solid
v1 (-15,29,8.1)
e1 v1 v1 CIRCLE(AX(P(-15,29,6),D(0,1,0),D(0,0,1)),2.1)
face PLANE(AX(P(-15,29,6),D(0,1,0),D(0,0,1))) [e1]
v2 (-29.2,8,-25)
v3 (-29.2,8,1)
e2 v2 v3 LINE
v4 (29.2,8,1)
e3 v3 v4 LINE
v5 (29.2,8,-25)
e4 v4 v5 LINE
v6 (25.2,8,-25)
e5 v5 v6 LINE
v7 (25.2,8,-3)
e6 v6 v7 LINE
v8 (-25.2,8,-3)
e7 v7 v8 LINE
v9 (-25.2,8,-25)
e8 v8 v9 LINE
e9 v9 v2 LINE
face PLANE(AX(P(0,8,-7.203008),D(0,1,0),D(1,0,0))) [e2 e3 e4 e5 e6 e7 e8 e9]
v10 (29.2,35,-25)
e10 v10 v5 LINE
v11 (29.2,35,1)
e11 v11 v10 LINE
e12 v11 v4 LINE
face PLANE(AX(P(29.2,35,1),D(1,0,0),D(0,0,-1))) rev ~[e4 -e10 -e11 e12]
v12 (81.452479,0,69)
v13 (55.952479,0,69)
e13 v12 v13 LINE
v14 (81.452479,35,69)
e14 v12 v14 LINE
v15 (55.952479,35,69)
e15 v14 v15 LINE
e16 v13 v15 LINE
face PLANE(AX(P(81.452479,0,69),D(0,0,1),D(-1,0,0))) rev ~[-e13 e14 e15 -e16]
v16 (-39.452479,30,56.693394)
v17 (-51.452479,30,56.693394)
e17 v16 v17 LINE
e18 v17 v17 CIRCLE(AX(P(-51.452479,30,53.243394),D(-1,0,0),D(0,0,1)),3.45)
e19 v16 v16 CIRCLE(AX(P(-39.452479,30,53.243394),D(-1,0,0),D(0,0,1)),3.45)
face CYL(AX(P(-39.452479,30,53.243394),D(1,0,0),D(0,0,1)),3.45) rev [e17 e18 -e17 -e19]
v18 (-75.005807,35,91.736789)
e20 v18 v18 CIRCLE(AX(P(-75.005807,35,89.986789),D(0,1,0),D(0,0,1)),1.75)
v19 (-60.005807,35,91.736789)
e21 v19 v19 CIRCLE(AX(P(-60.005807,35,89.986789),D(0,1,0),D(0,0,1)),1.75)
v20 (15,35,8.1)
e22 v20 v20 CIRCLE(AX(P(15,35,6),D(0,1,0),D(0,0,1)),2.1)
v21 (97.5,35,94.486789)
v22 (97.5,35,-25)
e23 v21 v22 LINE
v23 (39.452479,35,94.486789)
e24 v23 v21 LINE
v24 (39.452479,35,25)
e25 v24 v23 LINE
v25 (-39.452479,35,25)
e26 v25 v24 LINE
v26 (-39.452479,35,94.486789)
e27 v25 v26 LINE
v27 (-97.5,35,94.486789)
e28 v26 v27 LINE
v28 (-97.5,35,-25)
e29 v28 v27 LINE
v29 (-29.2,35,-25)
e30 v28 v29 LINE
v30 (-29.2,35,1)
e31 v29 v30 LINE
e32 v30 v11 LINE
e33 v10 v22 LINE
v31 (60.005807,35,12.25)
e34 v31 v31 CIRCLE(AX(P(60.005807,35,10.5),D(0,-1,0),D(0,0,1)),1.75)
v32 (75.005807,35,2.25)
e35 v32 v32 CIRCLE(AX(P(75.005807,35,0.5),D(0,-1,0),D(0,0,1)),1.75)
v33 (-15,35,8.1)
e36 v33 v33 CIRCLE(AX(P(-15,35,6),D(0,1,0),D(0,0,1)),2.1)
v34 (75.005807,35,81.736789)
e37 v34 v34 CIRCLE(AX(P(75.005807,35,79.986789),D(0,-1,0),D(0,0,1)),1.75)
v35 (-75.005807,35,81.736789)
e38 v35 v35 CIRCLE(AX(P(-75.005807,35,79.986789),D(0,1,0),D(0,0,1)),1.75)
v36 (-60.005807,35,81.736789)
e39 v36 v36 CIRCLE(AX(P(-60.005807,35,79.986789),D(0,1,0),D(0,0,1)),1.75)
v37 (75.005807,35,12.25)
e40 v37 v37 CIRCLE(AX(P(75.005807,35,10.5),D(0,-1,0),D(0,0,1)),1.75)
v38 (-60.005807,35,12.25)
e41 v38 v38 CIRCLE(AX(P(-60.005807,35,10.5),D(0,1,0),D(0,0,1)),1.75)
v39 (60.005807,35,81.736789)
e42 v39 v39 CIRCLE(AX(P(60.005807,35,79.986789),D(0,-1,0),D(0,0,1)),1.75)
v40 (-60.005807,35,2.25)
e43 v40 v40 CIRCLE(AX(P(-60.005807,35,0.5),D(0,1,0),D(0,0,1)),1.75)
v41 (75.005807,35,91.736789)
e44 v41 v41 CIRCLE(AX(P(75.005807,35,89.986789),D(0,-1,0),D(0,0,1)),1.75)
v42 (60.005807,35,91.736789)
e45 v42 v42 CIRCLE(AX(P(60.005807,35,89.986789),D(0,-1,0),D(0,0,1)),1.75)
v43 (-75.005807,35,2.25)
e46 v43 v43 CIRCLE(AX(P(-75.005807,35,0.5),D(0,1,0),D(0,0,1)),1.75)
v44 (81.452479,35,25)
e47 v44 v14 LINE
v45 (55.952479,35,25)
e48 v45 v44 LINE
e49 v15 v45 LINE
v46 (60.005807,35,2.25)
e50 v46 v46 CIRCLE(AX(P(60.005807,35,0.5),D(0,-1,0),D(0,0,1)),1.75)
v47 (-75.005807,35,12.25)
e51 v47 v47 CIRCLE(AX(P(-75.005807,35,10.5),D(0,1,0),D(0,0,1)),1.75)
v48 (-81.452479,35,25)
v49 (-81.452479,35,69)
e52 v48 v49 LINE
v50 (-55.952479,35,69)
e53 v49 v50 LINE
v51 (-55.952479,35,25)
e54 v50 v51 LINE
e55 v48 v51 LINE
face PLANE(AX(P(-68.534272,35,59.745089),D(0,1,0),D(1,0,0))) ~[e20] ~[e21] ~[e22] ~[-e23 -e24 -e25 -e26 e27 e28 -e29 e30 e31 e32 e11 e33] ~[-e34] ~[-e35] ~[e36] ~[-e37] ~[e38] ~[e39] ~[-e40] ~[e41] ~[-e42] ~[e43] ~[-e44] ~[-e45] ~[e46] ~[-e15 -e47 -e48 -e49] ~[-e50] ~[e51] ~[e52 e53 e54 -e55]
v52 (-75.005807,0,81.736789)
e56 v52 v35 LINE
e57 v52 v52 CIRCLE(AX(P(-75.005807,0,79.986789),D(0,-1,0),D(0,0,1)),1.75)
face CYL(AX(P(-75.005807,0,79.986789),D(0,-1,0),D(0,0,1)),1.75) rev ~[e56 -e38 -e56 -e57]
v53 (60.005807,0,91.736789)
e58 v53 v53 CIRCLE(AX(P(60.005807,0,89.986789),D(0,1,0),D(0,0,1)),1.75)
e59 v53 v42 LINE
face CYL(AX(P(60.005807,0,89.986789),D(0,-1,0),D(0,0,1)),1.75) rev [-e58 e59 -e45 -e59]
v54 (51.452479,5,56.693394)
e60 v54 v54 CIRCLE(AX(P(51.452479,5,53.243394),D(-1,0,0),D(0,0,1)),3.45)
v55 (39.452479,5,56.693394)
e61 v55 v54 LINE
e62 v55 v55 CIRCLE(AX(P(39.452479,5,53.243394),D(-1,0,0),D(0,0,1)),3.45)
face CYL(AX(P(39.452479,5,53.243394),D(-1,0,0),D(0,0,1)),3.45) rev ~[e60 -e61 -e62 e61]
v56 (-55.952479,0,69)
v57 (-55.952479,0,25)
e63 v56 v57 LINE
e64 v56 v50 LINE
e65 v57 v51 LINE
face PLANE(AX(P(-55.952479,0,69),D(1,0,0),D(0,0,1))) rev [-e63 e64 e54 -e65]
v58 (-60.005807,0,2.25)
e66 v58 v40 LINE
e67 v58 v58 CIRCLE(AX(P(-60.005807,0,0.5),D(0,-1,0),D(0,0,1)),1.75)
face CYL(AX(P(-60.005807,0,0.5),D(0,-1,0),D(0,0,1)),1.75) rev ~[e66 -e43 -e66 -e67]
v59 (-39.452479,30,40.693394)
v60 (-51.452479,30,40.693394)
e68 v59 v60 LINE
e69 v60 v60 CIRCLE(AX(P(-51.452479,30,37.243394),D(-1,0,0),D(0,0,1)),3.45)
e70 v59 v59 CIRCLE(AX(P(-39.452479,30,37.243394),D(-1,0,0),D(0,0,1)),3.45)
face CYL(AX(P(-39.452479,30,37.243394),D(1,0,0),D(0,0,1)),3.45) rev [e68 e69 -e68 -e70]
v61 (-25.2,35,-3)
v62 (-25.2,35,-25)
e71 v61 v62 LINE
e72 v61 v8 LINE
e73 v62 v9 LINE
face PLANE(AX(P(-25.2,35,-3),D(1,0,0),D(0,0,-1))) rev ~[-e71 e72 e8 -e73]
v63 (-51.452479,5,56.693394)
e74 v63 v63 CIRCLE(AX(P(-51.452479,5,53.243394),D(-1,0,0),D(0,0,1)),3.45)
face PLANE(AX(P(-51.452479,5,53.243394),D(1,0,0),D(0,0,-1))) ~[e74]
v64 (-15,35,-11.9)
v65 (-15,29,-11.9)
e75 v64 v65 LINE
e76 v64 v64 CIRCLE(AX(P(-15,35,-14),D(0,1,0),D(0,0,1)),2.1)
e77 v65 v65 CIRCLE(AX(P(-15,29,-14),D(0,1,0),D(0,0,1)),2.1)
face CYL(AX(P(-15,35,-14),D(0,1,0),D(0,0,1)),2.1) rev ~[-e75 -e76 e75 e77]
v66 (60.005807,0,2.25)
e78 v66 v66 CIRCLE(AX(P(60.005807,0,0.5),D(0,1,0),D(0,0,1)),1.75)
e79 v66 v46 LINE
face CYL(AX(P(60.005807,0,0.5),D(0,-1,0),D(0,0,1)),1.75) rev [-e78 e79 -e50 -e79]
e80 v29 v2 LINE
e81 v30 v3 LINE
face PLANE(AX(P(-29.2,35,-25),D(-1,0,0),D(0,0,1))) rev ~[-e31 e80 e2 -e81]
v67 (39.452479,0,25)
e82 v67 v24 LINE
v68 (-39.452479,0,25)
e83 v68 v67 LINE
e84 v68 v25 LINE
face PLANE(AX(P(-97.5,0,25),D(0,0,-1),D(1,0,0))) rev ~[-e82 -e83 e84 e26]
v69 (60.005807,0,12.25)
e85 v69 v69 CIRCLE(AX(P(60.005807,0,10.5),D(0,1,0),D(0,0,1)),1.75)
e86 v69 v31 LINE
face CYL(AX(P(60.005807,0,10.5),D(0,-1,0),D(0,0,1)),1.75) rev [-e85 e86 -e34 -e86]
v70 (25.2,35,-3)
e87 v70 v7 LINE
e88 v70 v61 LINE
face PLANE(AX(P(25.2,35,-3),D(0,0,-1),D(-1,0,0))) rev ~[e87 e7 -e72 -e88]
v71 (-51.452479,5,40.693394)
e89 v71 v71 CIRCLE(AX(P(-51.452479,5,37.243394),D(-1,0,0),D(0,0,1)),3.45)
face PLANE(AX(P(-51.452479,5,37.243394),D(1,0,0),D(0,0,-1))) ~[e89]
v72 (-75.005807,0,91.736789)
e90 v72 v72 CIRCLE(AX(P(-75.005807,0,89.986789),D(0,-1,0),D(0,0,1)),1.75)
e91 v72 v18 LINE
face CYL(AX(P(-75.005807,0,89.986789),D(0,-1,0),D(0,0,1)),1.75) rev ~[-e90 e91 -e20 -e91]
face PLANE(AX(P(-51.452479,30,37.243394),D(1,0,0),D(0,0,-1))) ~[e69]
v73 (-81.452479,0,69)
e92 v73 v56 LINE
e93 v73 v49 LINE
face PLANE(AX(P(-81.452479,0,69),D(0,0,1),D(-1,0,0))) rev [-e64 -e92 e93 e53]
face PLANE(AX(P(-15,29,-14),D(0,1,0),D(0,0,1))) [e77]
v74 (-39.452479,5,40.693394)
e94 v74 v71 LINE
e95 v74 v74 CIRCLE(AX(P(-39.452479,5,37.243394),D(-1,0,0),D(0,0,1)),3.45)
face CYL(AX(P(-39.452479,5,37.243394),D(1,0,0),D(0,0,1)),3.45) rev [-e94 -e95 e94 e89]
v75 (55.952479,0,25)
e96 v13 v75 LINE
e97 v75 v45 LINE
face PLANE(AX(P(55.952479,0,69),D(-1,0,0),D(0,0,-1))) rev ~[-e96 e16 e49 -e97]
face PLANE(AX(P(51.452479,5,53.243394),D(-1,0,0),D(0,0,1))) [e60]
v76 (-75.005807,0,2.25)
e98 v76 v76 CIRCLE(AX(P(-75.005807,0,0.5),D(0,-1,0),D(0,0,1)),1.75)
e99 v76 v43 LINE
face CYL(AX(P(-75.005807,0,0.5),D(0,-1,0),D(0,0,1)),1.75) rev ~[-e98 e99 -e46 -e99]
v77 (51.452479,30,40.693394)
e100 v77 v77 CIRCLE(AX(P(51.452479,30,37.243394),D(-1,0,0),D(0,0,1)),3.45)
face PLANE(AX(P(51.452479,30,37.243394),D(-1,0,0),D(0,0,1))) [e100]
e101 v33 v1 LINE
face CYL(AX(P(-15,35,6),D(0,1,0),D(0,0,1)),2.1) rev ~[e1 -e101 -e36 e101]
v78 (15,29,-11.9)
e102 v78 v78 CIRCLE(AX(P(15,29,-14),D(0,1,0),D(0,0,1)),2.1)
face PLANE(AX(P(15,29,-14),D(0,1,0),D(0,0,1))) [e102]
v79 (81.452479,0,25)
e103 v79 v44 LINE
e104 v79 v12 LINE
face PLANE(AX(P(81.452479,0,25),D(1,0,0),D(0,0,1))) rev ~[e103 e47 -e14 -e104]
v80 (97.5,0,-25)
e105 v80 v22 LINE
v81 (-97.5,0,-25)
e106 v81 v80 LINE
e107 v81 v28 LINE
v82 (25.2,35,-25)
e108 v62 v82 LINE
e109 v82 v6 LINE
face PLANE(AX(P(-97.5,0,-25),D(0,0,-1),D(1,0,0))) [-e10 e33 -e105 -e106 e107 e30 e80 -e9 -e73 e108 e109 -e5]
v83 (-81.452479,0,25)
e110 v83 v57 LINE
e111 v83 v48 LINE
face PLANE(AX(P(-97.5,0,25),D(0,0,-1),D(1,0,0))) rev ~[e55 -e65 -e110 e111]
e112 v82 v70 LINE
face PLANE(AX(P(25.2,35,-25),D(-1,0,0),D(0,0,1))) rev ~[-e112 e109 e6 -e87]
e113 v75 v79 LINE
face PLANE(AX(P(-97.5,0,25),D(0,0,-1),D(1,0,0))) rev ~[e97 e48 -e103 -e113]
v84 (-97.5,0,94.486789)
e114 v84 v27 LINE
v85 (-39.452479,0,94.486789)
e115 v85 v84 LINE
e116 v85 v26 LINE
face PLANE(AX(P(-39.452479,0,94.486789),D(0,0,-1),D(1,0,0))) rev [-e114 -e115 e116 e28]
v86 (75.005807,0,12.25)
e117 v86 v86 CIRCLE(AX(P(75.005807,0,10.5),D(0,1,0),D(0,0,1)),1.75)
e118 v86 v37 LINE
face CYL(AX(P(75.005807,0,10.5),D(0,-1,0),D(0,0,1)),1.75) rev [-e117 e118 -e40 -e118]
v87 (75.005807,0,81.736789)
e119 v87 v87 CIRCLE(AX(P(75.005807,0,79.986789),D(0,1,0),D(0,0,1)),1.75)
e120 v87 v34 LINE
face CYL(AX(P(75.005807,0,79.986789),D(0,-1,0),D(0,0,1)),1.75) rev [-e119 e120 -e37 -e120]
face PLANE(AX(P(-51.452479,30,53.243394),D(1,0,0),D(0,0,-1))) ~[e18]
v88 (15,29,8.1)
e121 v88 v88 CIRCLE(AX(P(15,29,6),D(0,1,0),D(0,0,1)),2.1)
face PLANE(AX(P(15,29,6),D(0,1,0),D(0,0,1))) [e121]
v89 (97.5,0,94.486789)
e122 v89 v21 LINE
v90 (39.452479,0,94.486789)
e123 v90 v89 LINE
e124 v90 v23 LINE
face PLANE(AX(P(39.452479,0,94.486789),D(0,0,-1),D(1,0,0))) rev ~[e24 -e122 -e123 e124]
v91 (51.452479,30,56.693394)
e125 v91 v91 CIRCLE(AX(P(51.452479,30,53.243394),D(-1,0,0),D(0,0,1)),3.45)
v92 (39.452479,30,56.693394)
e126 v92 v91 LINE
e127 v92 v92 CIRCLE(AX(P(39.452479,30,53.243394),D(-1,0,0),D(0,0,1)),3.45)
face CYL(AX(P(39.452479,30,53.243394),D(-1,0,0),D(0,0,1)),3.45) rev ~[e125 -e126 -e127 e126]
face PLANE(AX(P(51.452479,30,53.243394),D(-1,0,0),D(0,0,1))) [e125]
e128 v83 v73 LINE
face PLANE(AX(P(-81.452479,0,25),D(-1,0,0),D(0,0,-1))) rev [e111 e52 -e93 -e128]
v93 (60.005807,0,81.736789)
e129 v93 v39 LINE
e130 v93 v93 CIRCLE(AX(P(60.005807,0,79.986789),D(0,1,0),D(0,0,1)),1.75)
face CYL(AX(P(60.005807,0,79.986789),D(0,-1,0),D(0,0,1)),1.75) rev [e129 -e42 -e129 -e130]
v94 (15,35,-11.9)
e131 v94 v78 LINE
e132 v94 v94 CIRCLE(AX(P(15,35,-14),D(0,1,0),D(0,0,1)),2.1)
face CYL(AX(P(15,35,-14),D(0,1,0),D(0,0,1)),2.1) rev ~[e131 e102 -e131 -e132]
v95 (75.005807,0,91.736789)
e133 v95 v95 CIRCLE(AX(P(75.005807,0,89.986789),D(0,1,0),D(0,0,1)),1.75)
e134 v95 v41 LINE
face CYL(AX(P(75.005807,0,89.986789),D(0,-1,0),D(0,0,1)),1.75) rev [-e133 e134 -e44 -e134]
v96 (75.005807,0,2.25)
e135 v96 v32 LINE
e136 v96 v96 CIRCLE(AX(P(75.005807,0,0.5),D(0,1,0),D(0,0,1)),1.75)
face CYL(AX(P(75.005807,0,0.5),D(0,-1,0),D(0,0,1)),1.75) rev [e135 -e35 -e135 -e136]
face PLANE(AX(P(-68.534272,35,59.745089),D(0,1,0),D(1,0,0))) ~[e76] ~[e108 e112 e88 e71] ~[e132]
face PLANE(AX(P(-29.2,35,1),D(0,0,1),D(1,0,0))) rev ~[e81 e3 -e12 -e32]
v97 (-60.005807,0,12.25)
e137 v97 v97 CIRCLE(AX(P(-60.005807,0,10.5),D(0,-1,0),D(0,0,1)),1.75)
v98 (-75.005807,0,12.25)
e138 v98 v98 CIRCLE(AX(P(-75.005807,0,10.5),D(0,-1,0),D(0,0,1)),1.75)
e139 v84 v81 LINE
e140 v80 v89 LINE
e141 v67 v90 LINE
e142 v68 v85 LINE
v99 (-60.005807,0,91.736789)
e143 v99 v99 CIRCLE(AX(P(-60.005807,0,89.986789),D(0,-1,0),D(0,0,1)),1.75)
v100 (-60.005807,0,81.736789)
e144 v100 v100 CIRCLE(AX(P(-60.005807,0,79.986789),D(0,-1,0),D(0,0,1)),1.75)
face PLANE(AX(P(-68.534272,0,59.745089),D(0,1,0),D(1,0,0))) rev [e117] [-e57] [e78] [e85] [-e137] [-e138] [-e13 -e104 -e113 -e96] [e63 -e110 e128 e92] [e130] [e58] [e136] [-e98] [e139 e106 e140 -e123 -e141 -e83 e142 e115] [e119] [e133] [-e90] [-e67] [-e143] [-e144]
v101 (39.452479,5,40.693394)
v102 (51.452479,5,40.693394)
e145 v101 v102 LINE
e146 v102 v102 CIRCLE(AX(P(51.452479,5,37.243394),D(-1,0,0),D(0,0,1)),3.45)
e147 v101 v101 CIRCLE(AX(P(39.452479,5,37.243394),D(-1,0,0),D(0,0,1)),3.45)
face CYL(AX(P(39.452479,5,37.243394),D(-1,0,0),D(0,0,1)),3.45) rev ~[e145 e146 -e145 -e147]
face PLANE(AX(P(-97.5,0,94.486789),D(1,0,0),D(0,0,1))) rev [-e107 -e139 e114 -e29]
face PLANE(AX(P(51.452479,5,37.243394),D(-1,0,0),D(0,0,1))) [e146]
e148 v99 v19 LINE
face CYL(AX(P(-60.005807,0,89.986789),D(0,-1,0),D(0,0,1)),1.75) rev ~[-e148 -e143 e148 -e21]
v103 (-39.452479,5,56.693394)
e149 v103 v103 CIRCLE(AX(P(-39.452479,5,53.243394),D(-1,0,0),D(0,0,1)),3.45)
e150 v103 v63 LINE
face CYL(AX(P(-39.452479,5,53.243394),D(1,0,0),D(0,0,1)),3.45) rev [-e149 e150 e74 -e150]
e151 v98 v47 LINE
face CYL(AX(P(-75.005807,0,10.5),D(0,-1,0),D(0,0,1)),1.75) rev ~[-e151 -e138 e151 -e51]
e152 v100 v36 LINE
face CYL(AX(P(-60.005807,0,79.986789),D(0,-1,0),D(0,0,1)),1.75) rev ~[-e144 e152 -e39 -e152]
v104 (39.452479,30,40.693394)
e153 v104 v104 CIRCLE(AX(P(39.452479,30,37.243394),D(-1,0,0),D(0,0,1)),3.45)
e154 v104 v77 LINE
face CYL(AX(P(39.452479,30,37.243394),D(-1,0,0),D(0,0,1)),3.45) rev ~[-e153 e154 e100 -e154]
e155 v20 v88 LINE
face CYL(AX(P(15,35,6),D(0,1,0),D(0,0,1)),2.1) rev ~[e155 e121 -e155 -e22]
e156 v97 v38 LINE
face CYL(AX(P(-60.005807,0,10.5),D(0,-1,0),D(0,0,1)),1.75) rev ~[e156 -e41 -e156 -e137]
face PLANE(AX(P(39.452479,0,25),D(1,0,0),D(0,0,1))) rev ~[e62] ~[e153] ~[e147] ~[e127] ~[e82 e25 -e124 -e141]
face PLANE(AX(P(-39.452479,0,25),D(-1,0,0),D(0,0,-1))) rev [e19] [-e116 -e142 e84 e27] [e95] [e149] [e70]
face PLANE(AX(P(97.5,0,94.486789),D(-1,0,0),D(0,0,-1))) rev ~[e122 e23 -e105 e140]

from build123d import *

# Parameters (mm, degrees)
SKETCH1_W           = 195
SKETCH1_H           = 50
BOSS_EXTRUDE1_DEPTH = 35
BOSS_EXTRUDE4_DEPTH = 35
CUT_EXTRUDE5_REACH  = 142.211
SKETCH11_R          = 1.75
SKETCH5_R           = 2.1
CUT_EXTRUDE6_DEPTH  = 6
CUT_EXTRUDE7_DEPTH  = 27
SKETCH12_R          = 3.45
CUT_EXTRUDE8_DEPTH  = 12


with BuildPart() as part:
    # Sketch1 → Boss-Extrude1 (new body)
    with BuildSketch(Plane(origin=(0, 0, 0), x_dir=(1, 0, 0), z_dir=(0, 1, 0))):
        Rectangle(SKETCH1_W, SKETCH1_H)
    extrude(amount=BOSS_EXTRUDE1_DEPTH)

    # Sketch8 → Boss-Extrude4 (add)
    with BuildSketch(Plane(origin=(0, 0, 0), x_dir=(1, 0, 0), z_dir=(0, 1, 0))):
        Polygon((55.952478692, -69), (55.952478692, -25), (39.452478692, -25), (39.452478692, -94.486788844), (97.5, -94.486788844), (97.5, -25), (81.452478692, -25), (81.452478692, -69), align=None)
    boss_extrude4 = extrude(amount=BOSS_EXTRUDE4_DEPTH)

    # Sketch11 → Cut-Extrude5 (cut, up to next)
    with BuildSketch(Plane(origin=(0, 0, 0), x_dir=(1, 0, 0), z_dir=(0, 1, 0)), mode=Mode.PRIVATE) as cut_extrude5_sk1:
        with Locations(Location((75.005806844, -0.5, 0), (0, 0, 270))):
            Circle(SKETCH11_R)
    cut_extrude5_tool1 = extrude(cut_extrude5_sk1.sketch, amount=CUT_EXTRUDE5_REACH, mode=Mode.PRIVATE) & part.part
    # Sketch11 → Cut-Extrude5 (cut, up to next)
    with BuildSketch(Plane(origin=(0, 0, 0), x_dir=(1, 0, 0), z_dir=(0, 1, 0)), mode=Mode.PRIVATE) as cut_extrude5_sk2:
        with Locations(Location((60.005806844, -0.5, 0), (0, 0, 270))):
            Circle(SKETCH11_R)
    cut_extrude5_tool2 = extrude(cut_extrude5_sk2.sketch, amount=CUT_EXTRUDE5_REACH, mode=Mode.PRIVATE) & part.part
    # Sketch11 → Cut-Extrude5 (cut, up to next)
    with BuildSketch(Plane(origin=(0, 0, 0), x_dir=(1, 0, 0), z_dir=(0, 1, 0)), mode=Mode.PRIVATE) as cut_extrude5_sk3:
        with Locations(Location((60.005806844, -10.5, 0), (0, 0, 270))):
            Circle(SKETCH11_R)
    cut_extrude5_tool3 = extrude(cut_extrude5_sk3.sketch, amount=CUT_EXTRUDE5_REACH, mode=Mode.PRIVATE) & part.part
    # Sketch11 → Cut-Extrude5 (cut, up to next)
    with BuildSketch(Plane(origin=(0, 0, 0), x_dir=(1, 0, 0), z_dir=(0, 1, 0)), mode=Mode.PRIVATE) as cut_extrude5_sk4:
        with Locations(Location((75.005806844, -10.5, 0), (0, 0, 270))):
            Circle(SKETCH11_R)
    cut_extrude5_tool4 = extrude(cut_extrude5_sk4.sketch, amount=CUT_EXTRUDE5_REACH, mode=Mode.PRIVATE) & part.part
    # Sketch11 → Cut-Extrude5 (cut, up to next)
    with BuildSketch(Plane(origin=(0, 0, 0), x_dir=(1, 0, 0), z_dir=(0, 1, 0)), mode=Mode.PRIVATE) as cut_extrude5_sk5:
        with Locations(Location((75.005806844, -79.986788844, 0), (0, 0, 270))):
            Circle(SKETCH11_R)
    cut_extrude5_tool5 = extrude(cut_extrude5_sk5.sketch, amount=CUT_EXTRUDE5_REACH, mode=Mode.PRIVATE) & part.part
    # Sketch11 → Cut-Extrude5 (cut, up to next)
    with BuildSketch(Plane(origin=(0, 0, 0), x_dir=(1, 0, 0), z_dir=(0, 1, 0)), mode=Mode.PRIVATE) as cut_extrude5_sk6:
        with Locations(Location((75.005806844, -89.986788844, 0), (0, 0, 270))):
            Circle(SKETCH11_R)
    cut_extrude5_tool6 = extrude(cut_extrude5_sk6.sketch, amount=CUT_EXTRUDE5_REACH, mode=Mode.PRIVATE) & part.part
    # Sketch11 → Cut-Extrude5 (cut, up to next)
    with BuildSketch(Plane(origin=(0, 0, 0), x_dir=(1, 0, 0), z_dir=(0, 1, 0)), mode=Mode.PRIVATE) as cut_extrude5_sk7:
        with Locations(Location((60.005806844, -79.986788844, 0), (0, 0, 270))):
            Circle(SKETCH11_R)
    cut_extrude5_tool7 = extrude(cut_extrude5_sk7.sketch, amount=CUT_EXTRUDE5_REACH, mode=Mode.PRIVATE) & part.part
    # Sketch11 → Cut-Extrude5 (cut, up to next)
    with BuildSketch(Plane(origin=(0, 0, 0), x_dir=(1, 0, 0), z_dir=(0, 1, 0)), mode=Mode.PRIVATE) as cut_extrude5_sk8:
        with Locations(Location((60.005806844, -89.986788844, 0), (0, 0, 270))):
            Circle(SKETCH11_R)
    cut_extrude5_tool8 = extrude(cut_extrude5_sk8.sketch, amount=CUT_EXTRUDE5_REACH, mode=Mode.PRIVATE) & part.part
    cut_extrude5_1 = cut_extrude5_tool1.solids().sort_by_distance((75.005807, 0, 0.5))[0]
    add(cut_extrude5_1, mode=Mode.SUBTRACT)
    cut_extrude5_2 = cut_extrude5_tool2.solids().sort_by_distance((60.005807, 0, 0.5))[0]
    add(cut_extrude5_2, mode=Mode.SUBTRACT)
    cut_extrude5_3 = cut_extrude5_tool3.solids().sort_by_distance((60.005807, 0, 10.5))[0]
    add(cut_extrude5_3, mode=Mode.SUBTRACT)
    cut_extrude5_4 = cut_extrude5_tool4.solids().sort_by_distance((75.005807, 0, 10.5))[0]
    add(cut_extrude5_4, mode=Mode.SUBTRACT)
    cut_extrude5_5 = cut_extrude5_tool5.solids().sort_by_distance((75.005807, 0, 79.986789))[0]
    add(cut_extrude5_5, mode=Mode.SUBTRACT)
    cut_extrude5_6 = cut_extrude5_tool6.solids().sort_by_distance((75.005807, 0, 89.986789))[0]
    add(cut_extrude5_6, mode=Mode.SUBTRACT)
    cut_extrude5_7 = cut_extrude5_tool7.solids().sort_by_distance((60.005807, 0, 79.986789))[0]
    add(cut_extrude5_7, mode=Mode.SUBTRACT)
    cut_extrude5_8 = cut_extrude5_tool8.solids().sort_by_distance((60.005807, 0, 89.986789))[0]
    add(cut_extrude5_8, mode=Mode.SUBTRACT)
    cut_extrude5 = cut_extrude5_1 + cut_extrude5_2 + cut_extrude5_3 + cut_extrude5_4 + cut_extrude5_5 + cut_extrude5_6 + cut_extrude5_7 + cut_extrude5_8  # Cut-Extrude5 as one shape, for the pattern or mirror that repeats it

    # Mirror2: Boss-Extrude4, Cut-Extrude5 across plane
    add(boss_extrude4.mirror(Plane(origin=(0, 0, 0), x_dir=(0, 0, 1), z_dir=(1, 0, 0))))
    add(cut_extrude5.mirror(Plane(origin=(0, 0, 0), x_dir=(0, 0, 1), z_dir=(1, 0, 0))), mode=Mode.SUBTRACT)

    # Sketch5 → Cut-Extrude6 (cut)
    with BuildSketch(Plane(origin=(0, 35, 0), x_dir=(1, 0, 0), z_dir=(0, 1, 0))):
        with Locations(Location((15, 14, 0), (0, 0, 270))):
            Circle(SKETCH5_R)
        with Locations(Location((-15, 14, 0), (0, 0, 270))):
            Circle(SKETCH5_R)
        with Locations(Location((-15, -6, 0), (0, 0, 270))):
            Circle(SKETCH5_R)
        with Locations(Location((15, -6, 0), (0, 0, 270))):
            Circle(SKETCH5_R)
    extrude(amount=-CUT_EXTRUDE6_DEPTH, mode=Mode.SUBTRACT)

    # Sketch15 → Cut-Extrude7 (cut)
    with BuildSketch(Plane(origin=(0, 35, 0), x_dir=(1, 0, 0), z_dir=(0, 1, 0))):
        Polygon((-29.2, 25), (-29.2, -1), (29.2, -1), (29.2, 25), (25.2, 25), (25.2, 21), (25.2, 3), (-25.2, 3), (-25.2, 21), (-25.2, 25), align=None)
    extrude(amount=-CUT_EXTRUDE7_DEPTH, mode=Mode.SUBTRACT)

    # Sketch12 → Cut-Extrude8 (cut)
    with BuildSketch(Plane.ZY.offset(-39.452478692)):
        with Locations((53.243394422, 30)):
            Circle(SKETCH12_R)
        with Locations((37.243394422, 30)):
            Circle(SKETCH12_R)
        with Locations((53.243394422, 5)):
            Circle(SKETCH12_R)
        with Locations((37.243394422, 5)):
            Circle(SKETCH12_R)
    cut_extrude8 = extrude(amount=-CUT_EXTRUDE8_DEPTH, mode=Mode.SUBTRACT)

    # Mirror3: Cut-Extrude8 across plane
    add(cut_extrude8.mirror(Plane(origin=(0, 0, 0), x_dir=(0, 0, 1), z_dir=(1, 0, 0))), mode=Mode.SUBTRACT)


solid = part.part
